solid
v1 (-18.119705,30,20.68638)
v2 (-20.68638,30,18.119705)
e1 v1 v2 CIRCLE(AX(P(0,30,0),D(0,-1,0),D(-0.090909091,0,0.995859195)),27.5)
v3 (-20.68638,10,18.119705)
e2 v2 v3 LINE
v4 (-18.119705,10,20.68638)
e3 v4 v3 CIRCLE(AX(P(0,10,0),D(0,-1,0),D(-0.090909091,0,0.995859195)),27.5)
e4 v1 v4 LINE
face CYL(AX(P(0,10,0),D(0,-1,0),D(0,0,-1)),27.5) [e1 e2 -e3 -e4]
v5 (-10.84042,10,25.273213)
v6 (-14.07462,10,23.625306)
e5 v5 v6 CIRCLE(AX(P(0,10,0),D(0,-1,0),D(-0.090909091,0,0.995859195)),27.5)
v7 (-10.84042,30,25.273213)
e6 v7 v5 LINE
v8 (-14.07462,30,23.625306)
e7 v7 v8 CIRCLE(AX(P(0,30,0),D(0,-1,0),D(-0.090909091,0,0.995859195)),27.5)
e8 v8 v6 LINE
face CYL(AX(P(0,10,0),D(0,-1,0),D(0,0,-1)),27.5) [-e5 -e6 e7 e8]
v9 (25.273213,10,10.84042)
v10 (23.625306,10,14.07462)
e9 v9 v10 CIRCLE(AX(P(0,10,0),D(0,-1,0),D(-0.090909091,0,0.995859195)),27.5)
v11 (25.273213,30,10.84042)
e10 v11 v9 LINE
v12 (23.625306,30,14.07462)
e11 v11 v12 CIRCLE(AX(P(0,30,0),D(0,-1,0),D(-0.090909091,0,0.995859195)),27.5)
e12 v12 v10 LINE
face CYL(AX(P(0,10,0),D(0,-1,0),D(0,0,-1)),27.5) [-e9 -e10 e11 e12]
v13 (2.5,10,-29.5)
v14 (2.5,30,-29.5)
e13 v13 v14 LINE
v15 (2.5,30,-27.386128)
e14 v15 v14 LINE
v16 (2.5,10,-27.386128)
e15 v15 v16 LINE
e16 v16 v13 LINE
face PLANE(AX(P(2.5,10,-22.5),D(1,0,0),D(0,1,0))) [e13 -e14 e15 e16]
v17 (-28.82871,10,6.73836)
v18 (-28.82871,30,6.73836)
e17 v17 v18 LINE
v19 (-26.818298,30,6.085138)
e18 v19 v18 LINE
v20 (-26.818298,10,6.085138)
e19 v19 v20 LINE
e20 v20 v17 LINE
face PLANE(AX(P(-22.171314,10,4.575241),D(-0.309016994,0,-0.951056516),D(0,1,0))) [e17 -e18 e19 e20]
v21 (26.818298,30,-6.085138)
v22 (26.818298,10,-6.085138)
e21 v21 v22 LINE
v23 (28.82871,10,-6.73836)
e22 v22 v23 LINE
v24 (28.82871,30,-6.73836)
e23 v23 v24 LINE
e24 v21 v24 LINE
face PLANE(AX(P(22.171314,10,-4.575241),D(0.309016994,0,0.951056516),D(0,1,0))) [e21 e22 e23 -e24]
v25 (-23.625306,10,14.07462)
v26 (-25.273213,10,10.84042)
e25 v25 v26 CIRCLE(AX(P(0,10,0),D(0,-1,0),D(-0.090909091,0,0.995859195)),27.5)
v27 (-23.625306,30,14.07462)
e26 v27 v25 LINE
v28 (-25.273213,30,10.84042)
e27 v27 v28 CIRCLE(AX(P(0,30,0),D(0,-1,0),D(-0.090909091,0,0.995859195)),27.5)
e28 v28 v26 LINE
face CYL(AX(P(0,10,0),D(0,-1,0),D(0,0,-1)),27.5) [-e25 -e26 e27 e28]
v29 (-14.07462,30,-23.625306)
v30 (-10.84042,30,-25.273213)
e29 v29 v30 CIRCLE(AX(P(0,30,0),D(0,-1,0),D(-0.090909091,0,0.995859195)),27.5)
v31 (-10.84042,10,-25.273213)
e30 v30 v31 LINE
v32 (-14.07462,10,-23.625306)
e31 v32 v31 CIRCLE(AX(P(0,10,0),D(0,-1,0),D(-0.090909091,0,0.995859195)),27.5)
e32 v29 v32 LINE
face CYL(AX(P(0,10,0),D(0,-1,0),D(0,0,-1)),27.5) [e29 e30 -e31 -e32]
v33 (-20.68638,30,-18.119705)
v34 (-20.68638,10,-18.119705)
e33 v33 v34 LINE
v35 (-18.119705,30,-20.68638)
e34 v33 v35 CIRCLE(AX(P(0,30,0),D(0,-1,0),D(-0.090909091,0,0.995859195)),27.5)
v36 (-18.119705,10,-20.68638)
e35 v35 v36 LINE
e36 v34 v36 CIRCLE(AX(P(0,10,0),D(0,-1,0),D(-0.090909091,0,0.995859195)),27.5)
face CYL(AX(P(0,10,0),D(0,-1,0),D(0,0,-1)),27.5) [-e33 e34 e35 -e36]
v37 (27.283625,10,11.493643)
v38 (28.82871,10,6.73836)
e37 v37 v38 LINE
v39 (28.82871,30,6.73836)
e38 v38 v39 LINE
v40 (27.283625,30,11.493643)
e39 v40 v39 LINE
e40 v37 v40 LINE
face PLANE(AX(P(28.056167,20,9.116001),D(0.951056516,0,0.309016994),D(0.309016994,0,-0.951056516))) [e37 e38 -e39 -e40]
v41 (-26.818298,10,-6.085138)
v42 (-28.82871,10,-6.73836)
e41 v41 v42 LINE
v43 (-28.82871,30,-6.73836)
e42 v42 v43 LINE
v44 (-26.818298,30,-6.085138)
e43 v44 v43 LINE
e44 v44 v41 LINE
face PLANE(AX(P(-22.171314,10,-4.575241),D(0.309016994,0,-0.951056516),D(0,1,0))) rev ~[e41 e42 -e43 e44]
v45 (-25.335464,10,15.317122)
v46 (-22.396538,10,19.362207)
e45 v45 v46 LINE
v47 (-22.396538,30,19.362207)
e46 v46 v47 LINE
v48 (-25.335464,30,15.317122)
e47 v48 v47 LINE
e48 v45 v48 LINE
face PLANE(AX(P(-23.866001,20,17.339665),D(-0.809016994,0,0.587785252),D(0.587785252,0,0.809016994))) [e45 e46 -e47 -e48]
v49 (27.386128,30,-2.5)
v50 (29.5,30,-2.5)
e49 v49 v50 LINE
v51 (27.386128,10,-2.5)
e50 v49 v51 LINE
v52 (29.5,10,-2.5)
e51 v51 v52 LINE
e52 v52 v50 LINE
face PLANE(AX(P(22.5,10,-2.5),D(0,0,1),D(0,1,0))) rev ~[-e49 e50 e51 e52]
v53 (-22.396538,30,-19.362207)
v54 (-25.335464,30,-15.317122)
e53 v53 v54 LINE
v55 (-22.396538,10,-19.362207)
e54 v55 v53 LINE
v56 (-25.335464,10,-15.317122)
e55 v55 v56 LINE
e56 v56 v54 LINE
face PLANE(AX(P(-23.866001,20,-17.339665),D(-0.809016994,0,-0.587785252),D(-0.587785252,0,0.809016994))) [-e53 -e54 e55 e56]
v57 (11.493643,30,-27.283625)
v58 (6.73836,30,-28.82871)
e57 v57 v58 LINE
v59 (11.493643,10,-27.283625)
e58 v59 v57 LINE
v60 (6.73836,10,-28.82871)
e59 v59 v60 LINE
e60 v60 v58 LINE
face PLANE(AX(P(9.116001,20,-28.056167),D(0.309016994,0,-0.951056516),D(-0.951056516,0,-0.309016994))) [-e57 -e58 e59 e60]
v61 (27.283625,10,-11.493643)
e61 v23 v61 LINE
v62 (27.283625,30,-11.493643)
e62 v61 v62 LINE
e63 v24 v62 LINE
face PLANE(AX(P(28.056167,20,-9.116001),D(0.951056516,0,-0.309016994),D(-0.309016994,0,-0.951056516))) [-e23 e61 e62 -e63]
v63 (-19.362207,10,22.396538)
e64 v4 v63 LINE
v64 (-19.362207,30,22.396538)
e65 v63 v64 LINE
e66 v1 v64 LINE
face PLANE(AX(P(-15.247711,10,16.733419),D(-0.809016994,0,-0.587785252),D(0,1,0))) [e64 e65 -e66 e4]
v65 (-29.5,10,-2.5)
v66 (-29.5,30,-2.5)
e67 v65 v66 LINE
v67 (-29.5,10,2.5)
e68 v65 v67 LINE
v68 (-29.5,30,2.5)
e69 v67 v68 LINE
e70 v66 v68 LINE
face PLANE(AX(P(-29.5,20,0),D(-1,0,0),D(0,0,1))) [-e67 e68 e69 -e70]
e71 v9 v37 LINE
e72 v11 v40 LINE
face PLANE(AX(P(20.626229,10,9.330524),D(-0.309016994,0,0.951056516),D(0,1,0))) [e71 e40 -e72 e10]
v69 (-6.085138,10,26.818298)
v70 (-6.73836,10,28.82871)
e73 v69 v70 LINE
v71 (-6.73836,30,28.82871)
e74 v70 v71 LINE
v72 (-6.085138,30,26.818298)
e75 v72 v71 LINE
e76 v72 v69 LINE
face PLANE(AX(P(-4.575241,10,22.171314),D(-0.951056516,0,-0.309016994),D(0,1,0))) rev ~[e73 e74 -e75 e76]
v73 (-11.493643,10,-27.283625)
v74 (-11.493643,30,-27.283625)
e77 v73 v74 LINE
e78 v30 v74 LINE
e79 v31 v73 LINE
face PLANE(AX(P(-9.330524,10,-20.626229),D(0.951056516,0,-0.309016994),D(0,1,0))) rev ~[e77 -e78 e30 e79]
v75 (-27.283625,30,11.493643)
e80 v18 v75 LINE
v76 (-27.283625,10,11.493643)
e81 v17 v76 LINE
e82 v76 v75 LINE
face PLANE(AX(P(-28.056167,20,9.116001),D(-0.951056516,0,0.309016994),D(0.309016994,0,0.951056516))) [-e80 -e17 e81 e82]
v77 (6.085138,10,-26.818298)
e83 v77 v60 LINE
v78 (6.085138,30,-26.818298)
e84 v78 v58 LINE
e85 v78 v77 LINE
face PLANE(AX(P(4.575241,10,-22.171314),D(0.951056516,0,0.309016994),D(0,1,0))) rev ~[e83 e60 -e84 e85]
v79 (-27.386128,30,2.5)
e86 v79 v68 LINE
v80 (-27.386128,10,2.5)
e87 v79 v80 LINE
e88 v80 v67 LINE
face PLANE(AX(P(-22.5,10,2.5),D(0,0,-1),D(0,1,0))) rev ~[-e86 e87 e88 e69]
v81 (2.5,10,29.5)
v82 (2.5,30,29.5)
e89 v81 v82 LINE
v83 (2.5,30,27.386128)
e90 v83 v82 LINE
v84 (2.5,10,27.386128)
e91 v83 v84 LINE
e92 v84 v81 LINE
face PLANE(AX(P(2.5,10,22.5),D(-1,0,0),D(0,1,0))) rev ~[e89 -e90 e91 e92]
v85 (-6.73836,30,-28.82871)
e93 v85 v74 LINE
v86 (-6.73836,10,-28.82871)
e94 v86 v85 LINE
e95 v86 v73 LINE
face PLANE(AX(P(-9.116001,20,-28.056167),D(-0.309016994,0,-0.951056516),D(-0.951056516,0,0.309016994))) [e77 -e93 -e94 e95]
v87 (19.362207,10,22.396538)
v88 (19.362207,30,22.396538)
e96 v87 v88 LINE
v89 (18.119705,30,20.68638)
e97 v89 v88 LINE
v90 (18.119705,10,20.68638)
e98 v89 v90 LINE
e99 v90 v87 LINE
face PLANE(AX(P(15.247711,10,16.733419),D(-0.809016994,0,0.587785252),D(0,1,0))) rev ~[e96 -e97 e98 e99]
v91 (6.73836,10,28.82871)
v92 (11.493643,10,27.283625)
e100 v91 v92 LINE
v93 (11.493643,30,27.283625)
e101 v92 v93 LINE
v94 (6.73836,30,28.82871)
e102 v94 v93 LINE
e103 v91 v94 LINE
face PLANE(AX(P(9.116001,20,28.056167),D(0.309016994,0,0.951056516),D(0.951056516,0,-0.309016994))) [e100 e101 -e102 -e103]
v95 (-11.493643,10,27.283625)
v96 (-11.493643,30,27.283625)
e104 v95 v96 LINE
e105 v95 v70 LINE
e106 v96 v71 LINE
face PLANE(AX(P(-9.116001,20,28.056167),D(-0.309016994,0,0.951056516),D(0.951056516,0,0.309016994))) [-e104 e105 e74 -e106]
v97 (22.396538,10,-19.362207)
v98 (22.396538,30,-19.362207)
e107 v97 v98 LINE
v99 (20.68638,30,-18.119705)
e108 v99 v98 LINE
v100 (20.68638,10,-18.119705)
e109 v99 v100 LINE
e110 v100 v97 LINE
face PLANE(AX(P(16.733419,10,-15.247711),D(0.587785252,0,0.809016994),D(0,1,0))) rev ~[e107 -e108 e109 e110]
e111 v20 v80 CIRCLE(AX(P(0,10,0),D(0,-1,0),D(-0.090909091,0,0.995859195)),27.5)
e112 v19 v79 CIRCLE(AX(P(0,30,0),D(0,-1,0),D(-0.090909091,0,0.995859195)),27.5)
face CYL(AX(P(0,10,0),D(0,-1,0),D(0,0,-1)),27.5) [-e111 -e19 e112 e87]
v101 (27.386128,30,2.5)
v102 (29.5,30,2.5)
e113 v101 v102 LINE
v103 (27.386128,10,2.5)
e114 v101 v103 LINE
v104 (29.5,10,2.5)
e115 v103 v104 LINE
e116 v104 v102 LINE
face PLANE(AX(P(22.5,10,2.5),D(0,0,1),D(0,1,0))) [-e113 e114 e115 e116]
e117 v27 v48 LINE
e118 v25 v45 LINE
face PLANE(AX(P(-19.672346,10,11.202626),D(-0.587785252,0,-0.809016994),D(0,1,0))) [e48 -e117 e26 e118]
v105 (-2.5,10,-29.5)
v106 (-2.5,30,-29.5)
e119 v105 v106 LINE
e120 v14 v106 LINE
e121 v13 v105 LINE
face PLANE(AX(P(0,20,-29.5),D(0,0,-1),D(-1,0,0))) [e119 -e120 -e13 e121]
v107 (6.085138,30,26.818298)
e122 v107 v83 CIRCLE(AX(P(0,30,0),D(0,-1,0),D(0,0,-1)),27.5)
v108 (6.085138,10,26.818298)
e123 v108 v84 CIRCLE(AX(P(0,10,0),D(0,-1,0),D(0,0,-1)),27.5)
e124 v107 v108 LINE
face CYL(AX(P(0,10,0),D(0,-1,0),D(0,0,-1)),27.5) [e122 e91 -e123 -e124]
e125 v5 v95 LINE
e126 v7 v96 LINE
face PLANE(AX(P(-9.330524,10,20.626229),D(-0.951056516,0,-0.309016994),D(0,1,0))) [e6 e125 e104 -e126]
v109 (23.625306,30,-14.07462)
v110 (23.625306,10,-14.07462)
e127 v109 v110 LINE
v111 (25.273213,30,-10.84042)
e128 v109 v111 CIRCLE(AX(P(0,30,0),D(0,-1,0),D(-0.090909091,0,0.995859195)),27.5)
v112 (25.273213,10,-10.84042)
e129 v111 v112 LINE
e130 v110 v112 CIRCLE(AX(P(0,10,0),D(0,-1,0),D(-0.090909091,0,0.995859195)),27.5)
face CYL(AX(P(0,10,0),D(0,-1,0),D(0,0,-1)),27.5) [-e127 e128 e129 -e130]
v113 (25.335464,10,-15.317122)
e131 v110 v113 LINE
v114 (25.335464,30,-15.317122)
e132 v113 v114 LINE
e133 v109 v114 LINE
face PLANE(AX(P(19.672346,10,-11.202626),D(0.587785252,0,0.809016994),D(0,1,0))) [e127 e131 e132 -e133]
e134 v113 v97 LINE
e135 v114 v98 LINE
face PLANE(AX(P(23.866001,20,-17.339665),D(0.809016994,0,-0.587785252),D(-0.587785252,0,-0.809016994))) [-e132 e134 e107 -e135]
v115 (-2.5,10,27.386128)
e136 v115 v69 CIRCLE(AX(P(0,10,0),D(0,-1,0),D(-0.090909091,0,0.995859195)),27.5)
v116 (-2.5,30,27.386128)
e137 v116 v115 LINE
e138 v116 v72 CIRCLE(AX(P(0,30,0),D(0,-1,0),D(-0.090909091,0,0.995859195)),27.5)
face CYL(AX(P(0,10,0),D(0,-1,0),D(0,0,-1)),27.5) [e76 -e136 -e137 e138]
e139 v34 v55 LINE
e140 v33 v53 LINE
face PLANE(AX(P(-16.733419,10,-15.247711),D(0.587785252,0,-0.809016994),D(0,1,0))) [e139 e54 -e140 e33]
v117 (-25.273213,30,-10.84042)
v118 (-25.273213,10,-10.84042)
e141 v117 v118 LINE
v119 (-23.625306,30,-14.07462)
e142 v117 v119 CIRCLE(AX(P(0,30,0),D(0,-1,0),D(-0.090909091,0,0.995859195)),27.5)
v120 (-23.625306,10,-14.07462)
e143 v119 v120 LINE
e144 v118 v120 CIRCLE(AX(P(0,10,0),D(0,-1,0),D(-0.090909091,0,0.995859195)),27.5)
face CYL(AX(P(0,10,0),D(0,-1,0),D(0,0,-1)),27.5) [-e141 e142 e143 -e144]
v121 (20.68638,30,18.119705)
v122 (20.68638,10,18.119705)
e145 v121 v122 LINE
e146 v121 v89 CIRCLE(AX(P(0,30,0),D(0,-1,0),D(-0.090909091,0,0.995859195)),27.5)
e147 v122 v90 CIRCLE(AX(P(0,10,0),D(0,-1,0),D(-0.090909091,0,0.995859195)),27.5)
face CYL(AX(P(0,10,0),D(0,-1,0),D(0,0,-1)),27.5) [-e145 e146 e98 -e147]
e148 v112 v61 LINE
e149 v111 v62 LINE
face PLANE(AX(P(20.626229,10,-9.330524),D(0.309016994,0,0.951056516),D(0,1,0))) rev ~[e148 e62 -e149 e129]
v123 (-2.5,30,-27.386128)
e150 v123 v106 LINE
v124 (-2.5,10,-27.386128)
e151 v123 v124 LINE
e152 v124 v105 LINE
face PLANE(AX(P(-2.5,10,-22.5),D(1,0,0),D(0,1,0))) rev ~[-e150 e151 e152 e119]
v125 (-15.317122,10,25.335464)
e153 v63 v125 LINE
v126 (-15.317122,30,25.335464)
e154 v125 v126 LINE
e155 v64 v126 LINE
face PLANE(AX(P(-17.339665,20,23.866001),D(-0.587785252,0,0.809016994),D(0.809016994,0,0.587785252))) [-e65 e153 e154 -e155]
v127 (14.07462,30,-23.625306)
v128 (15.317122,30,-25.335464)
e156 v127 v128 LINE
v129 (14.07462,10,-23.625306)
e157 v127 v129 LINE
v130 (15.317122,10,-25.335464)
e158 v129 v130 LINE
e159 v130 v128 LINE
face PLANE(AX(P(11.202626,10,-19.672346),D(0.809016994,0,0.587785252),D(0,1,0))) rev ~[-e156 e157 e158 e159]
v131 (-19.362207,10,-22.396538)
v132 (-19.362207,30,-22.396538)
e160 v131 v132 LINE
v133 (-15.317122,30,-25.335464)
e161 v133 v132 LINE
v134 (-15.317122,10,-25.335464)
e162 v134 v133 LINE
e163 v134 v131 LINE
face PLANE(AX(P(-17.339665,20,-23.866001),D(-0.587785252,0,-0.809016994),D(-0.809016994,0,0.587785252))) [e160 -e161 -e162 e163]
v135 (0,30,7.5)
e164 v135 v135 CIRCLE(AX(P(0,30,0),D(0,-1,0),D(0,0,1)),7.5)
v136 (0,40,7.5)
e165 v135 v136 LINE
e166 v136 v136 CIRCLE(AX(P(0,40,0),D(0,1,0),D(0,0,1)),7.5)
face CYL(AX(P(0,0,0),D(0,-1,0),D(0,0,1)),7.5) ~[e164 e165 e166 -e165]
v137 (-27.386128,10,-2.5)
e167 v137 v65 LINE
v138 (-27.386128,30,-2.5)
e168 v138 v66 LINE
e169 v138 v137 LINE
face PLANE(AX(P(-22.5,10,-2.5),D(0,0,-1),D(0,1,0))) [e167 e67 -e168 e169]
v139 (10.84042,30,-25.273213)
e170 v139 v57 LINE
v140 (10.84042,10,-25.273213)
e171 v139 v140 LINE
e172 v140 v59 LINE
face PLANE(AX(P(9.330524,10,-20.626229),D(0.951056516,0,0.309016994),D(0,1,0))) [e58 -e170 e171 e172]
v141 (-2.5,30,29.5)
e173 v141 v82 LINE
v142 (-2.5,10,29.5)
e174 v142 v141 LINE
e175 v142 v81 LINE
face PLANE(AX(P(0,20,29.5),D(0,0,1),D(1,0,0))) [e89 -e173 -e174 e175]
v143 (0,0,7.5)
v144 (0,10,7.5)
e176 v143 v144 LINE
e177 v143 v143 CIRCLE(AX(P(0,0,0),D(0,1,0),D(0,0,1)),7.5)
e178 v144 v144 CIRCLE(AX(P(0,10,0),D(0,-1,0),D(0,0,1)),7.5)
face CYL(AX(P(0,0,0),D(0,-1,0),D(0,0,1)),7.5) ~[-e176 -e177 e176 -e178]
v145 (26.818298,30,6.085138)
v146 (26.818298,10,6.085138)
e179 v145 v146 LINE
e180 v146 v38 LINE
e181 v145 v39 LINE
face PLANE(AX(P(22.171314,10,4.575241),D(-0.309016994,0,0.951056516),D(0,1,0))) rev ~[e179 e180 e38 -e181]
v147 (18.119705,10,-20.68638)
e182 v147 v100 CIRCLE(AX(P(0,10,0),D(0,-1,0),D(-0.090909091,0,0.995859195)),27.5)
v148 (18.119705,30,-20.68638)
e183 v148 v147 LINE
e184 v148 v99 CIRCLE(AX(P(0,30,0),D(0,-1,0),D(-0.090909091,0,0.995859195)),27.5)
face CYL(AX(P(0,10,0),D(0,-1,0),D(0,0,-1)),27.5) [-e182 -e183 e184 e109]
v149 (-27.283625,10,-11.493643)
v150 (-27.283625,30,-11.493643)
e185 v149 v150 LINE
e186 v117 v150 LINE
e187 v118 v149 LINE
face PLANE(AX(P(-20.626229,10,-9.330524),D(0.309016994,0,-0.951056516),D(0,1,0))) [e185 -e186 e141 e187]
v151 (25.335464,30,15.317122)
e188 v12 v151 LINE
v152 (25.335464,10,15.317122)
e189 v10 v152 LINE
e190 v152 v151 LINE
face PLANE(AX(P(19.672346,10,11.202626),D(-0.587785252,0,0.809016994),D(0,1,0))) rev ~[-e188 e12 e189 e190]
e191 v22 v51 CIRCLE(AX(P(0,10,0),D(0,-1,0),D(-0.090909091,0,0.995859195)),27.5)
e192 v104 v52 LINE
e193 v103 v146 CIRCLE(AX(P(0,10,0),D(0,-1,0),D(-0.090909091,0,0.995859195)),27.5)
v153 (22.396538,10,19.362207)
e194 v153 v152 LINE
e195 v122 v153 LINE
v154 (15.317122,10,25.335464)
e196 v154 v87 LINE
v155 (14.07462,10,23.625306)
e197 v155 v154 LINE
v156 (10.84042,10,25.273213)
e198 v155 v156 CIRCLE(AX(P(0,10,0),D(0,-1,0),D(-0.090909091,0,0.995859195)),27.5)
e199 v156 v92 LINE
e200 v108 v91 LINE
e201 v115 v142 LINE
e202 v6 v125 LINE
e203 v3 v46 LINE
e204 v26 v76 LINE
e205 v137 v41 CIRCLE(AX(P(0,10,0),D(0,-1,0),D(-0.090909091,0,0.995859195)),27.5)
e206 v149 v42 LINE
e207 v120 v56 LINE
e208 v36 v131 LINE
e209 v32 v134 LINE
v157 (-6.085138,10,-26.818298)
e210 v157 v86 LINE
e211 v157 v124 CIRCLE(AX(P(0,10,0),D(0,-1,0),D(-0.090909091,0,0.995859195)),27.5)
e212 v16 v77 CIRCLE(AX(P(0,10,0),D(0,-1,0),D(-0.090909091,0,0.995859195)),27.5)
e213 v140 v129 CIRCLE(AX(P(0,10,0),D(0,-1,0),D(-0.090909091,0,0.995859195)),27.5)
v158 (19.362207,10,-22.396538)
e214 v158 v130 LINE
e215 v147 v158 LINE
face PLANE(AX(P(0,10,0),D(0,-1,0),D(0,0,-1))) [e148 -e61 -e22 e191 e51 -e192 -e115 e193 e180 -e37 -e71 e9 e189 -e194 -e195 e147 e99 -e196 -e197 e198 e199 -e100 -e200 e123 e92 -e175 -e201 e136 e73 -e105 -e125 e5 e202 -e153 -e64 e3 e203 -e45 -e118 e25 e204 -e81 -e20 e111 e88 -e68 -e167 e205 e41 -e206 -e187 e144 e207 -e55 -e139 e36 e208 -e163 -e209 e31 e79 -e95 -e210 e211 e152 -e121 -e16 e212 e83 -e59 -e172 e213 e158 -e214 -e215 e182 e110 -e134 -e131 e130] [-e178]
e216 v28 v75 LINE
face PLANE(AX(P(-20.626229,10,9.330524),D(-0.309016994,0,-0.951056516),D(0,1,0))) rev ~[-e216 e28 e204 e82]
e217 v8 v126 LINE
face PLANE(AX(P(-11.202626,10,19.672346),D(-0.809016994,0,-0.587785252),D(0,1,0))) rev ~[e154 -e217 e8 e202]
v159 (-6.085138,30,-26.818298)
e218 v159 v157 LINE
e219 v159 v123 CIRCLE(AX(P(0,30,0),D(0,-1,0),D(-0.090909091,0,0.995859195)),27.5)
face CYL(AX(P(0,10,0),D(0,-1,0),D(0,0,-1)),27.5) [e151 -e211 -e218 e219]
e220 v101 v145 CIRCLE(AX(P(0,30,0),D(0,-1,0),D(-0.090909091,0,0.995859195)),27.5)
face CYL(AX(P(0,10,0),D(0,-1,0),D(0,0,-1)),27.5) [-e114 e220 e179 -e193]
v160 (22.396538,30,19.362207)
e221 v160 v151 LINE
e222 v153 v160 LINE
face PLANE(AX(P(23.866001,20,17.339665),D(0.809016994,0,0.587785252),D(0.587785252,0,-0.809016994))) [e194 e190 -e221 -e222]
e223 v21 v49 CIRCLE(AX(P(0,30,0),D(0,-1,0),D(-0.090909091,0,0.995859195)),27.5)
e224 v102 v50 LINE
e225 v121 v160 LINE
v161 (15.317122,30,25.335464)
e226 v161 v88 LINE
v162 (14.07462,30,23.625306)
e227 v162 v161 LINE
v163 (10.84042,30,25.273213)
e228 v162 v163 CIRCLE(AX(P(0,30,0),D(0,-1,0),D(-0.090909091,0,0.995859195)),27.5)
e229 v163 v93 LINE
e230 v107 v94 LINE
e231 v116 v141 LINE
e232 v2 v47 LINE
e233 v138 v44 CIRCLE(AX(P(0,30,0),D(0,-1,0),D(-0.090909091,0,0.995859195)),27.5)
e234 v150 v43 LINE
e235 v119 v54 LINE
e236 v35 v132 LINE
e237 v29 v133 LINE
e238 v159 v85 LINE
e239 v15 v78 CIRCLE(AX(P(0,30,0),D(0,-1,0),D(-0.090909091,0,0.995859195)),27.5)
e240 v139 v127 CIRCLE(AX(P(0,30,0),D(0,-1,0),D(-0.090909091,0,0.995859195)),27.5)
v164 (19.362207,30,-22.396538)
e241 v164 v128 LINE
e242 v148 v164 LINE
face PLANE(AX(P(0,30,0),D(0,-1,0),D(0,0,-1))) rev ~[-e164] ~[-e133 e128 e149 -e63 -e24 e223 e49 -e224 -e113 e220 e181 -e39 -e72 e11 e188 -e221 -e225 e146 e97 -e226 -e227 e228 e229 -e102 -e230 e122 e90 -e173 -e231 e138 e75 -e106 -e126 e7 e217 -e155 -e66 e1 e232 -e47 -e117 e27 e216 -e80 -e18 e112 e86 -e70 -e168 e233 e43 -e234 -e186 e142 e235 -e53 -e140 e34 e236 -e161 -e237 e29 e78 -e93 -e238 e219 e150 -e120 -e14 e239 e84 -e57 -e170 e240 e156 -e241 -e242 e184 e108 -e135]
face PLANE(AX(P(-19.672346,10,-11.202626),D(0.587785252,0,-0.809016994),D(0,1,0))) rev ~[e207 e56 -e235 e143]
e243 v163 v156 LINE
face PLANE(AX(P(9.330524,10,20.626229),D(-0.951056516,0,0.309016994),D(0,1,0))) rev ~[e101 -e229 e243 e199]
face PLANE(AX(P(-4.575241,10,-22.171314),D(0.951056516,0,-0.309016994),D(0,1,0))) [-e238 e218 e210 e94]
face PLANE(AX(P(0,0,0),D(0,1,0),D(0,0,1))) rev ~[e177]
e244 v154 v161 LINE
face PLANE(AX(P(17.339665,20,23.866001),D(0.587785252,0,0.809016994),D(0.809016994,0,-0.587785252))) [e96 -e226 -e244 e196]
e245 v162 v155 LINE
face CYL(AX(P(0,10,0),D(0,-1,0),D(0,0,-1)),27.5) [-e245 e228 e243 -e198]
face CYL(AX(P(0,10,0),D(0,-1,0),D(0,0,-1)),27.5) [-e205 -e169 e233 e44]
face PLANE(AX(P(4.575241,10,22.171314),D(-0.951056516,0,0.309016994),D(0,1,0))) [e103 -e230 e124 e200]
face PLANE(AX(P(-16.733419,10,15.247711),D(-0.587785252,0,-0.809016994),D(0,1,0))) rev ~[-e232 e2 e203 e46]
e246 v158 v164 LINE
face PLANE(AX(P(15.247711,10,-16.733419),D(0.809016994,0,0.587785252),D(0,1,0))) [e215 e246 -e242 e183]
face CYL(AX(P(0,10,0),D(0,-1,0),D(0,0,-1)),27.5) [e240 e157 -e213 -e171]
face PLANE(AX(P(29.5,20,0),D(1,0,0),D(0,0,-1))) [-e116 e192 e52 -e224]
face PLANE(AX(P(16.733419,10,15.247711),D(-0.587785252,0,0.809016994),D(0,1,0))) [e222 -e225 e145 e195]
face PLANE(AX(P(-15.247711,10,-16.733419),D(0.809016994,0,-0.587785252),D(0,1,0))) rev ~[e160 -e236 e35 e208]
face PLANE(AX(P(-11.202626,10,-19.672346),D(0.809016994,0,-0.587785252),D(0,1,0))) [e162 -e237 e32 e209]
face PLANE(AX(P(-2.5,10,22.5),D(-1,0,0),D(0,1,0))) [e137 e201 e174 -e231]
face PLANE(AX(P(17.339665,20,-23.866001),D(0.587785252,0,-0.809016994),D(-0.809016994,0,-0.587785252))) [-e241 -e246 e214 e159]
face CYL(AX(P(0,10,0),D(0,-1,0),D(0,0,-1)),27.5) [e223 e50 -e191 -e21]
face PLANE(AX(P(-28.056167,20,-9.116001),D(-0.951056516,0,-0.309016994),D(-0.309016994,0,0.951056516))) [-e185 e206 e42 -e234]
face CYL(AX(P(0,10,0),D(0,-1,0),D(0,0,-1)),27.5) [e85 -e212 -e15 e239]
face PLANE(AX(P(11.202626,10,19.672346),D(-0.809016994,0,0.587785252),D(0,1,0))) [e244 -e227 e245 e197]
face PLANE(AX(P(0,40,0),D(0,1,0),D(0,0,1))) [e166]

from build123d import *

# Parameters (mm, degrees)
ESQUISSE1_R                  = 7.5
BOSS_EXTRU_1_DEPTH           = 40
ESQUISSE2_R                  = 27.5
BOSS_EXTRU_2_DEPTH           = 20
ESQUISSE3_W                  = 5
ESQUISSE3_H                  = 20
BOSS_EXTRU_3_DEPTH           = 7
R_P_TITION_CIRCULAIRE1_COUNT = 20


with BuildPart() as part:
    # Esquisse1 → Boss.-Extru.1 (new body)
    with BuildSketch(Plane(origin=(0, 0, 0), x_dir=(1, 0, 0), z_dir=(0, 1, 0))):
        with Locations(Location((0, 0, 0), (0, 0, 270))):
            Circle(ESQUISSE1_R)
    extrude(amount=BOSS_EXTRU_1_DEPTH)

    # Esquisse2 → Boss.-Extru.2 (add)
    with BuildSketch(Plane(origin=(0, 10, 0), x_dir=(-1, 0, 0), z_dir=(0, -1, 0))):
        with Locations(Location((0, 0, 0), (0, 0, 90))):
            Circle(ESQUISSE2_R)
    extrude(amount=-BOSS_EXTRU_2_DEPTH)

    # Esquisse3 → Boss.-Extru.3 (add)
    with BuildSketch(Plane.XY.offset(22.5)):
        with Locations((0, 20)):
            Rectangle(ESQUISSE3_W, ESQUISSE3_H)
    boss_extru_3 = extrude(amount=BOSS_EXTRU_3_DEPTH)

    # Répétition circulaire1: Boss.-Extru.3 ×20 about axis
    r_p_tition_circulaire1_axis = Axis((0, 0, 0), (0, 1, 0))
    for i in range(1, R_P_TITION_CIRCULAIRE1_COUNT):
        add(boss_extru_3.rotate(r_p_tition_circulaire1_axis, i * 360 / R_P_TITION_CIRCULAIRE1_COUNT))


solid = part.part
